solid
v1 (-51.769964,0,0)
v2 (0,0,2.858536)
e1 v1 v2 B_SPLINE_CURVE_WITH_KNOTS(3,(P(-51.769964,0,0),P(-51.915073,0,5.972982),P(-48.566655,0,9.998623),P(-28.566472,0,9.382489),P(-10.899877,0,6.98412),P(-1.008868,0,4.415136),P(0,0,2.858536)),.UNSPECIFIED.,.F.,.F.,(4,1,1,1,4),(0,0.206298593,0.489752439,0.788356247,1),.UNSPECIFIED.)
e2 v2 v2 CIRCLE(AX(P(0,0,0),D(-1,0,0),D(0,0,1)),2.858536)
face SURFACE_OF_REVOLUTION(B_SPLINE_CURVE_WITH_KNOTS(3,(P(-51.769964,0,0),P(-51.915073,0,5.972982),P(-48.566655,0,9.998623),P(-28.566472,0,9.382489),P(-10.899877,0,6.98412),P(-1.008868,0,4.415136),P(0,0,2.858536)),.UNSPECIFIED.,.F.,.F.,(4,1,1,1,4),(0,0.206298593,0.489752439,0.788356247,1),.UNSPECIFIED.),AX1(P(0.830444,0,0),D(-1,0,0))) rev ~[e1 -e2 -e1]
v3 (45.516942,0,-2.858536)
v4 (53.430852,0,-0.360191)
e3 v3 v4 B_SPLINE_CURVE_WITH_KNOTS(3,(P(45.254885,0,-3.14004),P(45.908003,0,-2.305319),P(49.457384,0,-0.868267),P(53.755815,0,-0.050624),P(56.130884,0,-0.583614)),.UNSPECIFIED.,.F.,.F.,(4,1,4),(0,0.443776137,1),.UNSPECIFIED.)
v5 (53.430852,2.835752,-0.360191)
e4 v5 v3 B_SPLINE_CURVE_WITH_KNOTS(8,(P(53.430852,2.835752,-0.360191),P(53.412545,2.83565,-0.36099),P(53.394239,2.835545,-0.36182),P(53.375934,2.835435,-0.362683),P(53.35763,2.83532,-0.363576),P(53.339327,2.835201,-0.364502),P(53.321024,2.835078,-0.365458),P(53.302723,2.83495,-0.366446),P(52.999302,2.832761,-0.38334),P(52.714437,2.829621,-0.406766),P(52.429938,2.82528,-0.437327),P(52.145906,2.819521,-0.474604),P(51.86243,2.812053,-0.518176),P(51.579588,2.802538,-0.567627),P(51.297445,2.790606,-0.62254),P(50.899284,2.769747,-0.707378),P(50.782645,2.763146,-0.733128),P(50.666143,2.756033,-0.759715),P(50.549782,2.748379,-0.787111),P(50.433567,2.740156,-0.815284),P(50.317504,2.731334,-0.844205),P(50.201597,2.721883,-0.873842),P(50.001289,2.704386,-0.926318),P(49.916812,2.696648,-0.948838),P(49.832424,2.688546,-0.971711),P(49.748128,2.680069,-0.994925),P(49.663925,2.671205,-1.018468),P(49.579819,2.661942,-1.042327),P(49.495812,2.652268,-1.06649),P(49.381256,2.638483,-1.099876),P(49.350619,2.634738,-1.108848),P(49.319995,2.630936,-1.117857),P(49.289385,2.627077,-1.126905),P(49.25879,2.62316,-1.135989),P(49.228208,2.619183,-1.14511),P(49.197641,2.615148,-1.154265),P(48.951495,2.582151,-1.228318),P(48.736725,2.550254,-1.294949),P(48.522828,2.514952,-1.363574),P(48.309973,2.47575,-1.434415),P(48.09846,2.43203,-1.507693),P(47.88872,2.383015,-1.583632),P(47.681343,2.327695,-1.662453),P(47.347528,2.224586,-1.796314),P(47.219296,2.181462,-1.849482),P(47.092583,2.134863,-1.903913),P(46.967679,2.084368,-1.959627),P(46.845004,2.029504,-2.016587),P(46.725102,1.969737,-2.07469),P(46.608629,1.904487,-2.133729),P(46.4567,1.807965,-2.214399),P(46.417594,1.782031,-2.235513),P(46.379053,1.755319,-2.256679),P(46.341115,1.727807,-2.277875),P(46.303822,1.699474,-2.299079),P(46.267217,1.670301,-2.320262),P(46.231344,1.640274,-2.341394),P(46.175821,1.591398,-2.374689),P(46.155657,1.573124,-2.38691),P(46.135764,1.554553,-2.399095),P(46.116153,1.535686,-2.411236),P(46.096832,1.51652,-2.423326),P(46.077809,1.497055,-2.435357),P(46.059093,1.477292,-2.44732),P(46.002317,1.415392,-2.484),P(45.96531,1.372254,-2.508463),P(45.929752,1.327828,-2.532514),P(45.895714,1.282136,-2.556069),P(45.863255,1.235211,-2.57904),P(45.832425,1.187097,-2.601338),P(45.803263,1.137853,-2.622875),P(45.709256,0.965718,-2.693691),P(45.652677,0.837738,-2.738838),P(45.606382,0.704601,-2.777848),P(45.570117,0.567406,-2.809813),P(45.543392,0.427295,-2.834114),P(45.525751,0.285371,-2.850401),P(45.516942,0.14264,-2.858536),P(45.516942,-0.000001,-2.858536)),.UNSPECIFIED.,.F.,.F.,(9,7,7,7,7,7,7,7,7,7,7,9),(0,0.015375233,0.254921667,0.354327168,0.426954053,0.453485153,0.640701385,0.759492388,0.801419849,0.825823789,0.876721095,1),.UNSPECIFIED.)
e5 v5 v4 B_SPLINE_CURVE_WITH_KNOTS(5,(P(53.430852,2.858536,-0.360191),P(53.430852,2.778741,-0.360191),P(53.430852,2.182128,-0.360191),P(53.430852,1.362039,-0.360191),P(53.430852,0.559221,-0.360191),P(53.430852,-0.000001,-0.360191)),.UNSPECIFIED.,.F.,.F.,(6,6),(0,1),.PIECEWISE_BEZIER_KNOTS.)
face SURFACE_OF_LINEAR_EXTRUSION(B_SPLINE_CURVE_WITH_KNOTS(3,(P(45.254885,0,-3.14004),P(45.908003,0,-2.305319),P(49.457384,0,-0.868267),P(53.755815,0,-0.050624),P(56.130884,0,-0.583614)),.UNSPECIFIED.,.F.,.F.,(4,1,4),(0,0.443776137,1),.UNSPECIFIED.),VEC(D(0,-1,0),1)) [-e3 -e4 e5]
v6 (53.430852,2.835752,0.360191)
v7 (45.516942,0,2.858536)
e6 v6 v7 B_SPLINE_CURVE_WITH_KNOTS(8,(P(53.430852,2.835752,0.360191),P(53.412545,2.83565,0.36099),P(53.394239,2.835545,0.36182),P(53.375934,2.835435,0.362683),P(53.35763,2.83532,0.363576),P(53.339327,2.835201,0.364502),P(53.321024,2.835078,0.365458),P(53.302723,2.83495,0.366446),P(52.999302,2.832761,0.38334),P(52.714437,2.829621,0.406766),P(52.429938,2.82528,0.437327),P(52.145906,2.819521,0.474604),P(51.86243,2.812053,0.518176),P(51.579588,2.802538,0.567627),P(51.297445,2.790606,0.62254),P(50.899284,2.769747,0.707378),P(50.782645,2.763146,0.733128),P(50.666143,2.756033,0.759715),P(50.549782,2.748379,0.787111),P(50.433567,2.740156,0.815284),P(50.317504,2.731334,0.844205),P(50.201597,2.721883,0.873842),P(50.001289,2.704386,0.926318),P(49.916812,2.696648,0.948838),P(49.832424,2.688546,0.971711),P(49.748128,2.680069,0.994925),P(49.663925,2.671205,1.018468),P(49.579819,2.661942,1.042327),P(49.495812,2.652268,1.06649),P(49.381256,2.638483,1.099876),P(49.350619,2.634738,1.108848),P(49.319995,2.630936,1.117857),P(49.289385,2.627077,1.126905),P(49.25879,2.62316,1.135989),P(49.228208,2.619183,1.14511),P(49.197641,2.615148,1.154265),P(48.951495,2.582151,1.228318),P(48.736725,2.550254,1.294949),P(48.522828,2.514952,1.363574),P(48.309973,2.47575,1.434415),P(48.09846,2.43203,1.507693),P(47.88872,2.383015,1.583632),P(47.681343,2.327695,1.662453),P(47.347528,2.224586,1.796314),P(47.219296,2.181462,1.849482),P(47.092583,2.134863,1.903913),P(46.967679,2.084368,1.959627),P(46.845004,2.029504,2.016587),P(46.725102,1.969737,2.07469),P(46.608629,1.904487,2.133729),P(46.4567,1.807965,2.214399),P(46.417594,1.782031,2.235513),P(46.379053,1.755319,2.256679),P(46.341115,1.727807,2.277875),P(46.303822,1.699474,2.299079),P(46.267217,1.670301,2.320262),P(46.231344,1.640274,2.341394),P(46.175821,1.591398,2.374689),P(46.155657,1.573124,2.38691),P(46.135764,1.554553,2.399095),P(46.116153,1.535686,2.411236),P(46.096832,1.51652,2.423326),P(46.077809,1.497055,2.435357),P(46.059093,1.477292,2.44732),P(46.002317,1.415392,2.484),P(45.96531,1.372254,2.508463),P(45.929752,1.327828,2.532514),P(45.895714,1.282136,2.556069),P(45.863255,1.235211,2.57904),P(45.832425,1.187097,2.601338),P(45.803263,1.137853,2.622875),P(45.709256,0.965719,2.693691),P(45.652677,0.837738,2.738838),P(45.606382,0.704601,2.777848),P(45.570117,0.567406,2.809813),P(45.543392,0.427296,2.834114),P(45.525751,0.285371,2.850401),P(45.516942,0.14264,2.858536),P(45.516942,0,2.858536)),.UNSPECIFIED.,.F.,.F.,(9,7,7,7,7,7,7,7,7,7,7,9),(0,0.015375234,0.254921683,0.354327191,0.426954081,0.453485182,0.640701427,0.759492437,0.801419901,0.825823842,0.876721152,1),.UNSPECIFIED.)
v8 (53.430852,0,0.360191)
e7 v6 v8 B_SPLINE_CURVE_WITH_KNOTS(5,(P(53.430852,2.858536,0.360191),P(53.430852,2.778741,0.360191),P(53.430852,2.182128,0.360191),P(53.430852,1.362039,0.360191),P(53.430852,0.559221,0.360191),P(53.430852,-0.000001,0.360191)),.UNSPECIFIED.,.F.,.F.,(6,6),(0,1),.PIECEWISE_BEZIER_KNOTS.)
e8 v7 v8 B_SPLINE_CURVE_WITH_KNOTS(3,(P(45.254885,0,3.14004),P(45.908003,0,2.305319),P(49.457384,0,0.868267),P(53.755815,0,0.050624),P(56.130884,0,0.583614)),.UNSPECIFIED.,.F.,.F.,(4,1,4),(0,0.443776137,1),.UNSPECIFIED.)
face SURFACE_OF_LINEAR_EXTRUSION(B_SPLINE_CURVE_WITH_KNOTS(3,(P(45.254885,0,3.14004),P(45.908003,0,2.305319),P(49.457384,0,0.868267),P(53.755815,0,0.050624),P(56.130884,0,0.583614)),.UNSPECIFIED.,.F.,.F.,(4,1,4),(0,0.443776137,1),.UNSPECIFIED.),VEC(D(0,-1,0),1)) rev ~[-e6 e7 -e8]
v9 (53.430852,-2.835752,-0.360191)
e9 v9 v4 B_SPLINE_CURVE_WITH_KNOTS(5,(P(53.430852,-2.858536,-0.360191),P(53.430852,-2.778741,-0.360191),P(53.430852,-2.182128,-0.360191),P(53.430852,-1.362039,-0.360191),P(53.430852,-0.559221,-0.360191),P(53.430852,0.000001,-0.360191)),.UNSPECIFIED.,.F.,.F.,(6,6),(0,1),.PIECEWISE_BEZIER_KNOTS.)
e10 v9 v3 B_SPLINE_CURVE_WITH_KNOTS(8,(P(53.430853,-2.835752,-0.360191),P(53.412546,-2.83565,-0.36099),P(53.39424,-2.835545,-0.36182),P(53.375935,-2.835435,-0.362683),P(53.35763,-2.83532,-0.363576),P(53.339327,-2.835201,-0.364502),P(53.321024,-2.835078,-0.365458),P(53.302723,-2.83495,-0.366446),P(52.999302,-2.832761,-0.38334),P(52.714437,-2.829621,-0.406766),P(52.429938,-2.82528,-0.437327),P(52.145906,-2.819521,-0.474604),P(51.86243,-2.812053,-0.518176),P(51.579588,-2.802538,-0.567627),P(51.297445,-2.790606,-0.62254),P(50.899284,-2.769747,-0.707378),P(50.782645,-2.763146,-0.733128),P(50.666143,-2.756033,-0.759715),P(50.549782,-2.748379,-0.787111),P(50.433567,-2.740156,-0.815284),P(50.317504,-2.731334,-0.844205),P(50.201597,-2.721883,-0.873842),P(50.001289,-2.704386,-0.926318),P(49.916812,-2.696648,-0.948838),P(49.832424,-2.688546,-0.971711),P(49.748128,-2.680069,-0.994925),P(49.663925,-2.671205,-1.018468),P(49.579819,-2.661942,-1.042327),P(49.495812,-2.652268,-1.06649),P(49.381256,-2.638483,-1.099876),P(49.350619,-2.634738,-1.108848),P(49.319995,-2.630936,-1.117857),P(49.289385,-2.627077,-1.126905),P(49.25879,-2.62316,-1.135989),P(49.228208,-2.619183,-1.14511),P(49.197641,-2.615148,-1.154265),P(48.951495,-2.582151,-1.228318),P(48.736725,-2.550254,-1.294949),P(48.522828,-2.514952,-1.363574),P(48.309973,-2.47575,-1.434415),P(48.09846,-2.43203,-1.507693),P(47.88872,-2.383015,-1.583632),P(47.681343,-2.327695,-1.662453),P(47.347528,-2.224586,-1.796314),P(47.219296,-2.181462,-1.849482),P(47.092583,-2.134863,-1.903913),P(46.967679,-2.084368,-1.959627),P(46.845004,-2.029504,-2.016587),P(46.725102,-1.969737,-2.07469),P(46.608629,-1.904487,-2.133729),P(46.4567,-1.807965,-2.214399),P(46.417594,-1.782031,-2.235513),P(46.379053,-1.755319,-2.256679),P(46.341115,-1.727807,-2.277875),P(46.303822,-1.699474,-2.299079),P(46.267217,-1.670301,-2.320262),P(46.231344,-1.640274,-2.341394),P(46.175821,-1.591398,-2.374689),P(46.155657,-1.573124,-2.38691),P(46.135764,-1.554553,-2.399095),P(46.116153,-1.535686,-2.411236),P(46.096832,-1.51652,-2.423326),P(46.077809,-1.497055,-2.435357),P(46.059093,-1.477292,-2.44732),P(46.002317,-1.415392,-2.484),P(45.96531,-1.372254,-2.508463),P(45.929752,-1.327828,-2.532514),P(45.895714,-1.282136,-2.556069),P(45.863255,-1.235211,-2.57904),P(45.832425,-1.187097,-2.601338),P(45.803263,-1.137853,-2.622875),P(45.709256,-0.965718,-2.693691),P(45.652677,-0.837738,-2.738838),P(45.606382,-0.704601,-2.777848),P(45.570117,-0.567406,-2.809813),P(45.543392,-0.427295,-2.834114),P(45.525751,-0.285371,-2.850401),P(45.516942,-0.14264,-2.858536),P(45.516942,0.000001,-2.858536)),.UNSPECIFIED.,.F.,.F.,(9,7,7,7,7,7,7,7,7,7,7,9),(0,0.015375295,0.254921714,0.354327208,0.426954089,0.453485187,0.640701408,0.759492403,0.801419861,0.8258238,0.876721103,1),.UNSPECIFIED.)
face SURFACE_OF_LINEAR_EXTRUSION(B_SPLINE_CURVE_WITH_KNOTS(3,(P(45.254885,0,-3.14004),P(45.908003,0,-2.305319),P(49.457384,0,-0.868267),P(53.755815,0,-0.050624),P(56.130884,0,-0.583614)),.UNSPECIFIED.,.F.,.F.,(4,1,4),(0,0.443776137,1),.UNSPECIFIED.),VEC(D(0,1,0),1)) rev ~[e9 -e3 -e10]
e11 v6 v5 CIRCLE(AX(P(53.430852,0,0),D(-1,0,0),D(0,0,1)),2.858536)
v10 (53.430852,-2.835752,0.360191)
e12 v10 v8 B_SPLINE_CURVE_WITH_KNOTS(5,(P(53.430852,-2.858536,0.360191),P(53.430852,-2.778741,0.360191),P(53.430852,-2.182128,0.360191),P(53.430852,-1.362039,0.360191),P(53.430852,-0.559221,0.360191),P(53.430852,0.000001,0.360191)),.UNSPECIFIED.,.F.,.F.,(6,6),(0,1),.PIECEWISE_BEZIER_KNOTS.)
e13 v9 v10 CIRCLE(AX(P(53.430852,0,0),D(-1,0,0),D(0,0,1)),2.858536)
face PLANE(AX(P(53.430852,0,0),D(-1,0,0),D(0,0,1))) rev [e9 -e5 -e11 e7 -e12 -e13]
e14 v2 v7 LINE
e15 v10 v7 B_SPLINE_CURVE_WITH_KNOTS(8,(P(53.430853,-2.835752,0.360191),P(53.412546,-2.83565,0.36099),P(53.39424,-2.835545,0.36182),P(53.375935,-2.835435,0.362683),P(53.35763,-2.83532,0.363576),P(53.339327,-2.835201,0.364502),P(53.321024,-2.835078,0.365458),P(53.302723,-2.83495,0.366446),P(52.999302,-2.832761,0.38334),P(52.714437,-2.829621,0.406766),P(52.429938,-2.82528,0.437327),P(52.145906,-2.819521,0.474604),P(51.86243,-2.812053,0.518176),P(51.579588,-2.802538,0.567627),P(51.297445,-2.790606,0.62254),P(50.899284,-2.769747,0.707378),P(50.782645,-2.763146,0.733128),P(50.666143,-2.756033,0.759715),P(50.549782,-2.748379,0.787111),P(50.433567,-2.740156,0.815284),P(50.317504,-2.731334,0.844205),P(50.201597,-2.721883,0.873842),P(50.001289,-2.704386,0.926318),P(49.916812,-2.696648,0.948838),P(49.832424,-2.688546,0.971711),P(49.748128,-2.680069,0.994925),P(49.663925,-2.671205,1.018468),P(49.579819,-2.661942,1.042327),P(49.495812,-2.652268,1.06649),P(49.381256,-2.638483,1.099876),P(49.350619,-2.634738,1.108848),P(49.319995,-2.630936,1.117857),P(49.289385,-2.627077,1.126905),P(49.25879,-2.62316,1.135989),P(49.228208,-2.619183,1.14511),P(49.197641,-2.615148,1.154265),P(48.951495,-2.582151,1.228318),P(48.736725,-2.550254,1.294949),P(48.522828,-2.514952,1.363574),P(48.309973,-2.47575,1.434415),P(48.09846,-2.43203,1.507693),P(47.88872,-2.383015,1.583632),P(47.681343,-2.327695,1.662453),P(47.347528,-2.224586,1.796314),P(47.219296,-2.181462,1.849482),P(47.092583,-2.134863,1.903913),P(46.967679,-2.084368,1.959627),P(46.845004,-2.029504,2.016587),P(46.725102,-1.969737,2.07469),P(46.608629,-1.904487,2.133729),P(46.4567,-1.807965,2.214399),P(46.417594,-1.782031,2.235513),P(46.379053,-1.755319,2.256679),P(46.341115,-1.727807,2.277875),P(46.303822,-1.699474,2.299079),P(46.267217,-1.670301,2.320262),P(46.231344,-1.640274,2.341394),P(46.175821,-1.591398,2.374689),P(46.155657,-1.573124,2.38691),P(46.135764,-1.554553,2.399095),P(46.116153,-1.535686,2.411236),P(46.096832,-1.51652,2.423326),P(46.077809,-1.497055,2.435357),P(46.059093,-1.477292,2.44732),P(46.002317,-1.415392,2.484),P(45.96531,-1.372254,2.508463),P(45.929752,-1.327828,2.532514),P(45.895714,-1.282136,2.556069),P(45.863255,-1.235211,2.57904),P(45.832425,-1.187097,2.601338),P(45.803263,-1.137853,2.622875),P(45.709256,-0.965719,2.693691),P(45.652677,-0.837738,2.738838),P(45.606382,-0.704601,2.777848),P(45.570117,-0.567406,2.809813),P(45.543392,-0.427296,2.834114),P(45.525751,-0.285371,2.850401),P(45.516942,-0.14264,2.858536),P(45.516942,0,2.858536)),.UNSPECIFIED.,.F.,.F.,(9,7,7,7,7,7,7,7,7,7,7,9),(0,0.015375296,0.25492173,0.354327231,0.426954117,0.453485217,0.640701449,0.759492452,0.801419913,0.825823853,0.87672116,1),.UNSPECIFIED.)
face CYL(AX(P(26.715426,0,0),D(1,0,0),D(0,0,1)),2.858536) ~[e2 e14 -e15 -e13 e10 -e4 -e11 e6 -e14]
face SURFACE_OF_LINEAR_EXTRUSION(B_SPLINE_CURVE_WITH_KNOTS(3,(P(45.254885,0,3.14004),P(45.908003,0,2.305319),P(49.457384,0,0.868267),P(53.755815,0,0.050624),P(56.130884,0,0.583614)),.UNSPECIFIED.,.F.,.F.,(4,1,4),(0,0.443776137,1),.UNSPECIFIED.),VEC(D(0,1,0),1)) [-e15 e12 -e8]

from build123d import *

# Parameters (mm, degrees)
F0_W          = 53.4308515489
F0_H          = 2.8585356195
F3_DEPTH      = 25
F3_DEPTH_BACK = 25


with BuildPart() as f1:
    # F0 (on Front) → F1 (revolve)
    with BuildSketch(Plane.XZ):
        with BuildLine():
            Line((-51.769964397, 0), (0, 0))
            Line((0, 0), (0, 2.8585356195))
            add(Edge.make_bspline(
                [(-51.769964397, 0), (-51.9150732548, 5.9729817036), (-48.5666547713, 9.9986232463), (-28.5664722225, 9.3824894101), (-10.8998766604, 6.9841195767), (-1.008867938, 4.4151364363), (0, 2.8585356195)],
                knots=[0, 0, 0, 0, 0.2062985932, 0.4897524386, 0.7883562467, 1, 1, 1, 1], degree=3))
        make_face()
        with Locations((26.7154257745, 1.4292678097)):
            Rectangle(F0_W, F0_H)
    revolve(axis=Axis((0.830443576, 0, 0), (-1, 0, 0)))

    # F2 (on Front) → F3 (cut, two sides)
    with BuildSketch(Plane.XZ) as f3_sk:
        with BuildLine():
            Line((55.8451525867, 3.1400402716), (45.2548848048, 3.1400402716))
            add(Edge.make_bspline(
                [(45.2548848048, 3.1400402716), (45.9080027919, 2.3053192042), (49.4573835127, 0.8682668184), (53.7558149824, 0.0506240562), (56.130883876, 0.5836136314)],
                knots=[0, 0, 0, 0, 0.4437761369, 1, 1, 1, 1], degree=3))
            Line((56.130883876, 0.5836136314), (55.8451525867, 3.1400402716))
        make_face()
        with BuildLine():
            add(Edge.make_bspline(
                [(45.2548848048, -3.1400402716), (45.9080027919, -2.3053192042), (49.4573835127, -0.8682668184), (53.7558149824, -0.0506240562), (56.130883876, -0.5836136314)],
                knots=[0, 0, 0, 0, 0.4437761369, 1, 1, 1, 1], degree=3))
            Line((45.2548848048, -3.1400402716), (55.8273755014, -3.5082600079))
            Line((55.8273755014, -3.5082600079), (56.130883876, -0.5836136314))
        make_face()
    extrude(amount=-F3_DEPTH, mode=Mode.SUBTRACT)
    extrude(f3_sk.sketch, amount=F3_DEPTH_BACK, mode=Mode.SUBTRACT)


solid = f1.part
